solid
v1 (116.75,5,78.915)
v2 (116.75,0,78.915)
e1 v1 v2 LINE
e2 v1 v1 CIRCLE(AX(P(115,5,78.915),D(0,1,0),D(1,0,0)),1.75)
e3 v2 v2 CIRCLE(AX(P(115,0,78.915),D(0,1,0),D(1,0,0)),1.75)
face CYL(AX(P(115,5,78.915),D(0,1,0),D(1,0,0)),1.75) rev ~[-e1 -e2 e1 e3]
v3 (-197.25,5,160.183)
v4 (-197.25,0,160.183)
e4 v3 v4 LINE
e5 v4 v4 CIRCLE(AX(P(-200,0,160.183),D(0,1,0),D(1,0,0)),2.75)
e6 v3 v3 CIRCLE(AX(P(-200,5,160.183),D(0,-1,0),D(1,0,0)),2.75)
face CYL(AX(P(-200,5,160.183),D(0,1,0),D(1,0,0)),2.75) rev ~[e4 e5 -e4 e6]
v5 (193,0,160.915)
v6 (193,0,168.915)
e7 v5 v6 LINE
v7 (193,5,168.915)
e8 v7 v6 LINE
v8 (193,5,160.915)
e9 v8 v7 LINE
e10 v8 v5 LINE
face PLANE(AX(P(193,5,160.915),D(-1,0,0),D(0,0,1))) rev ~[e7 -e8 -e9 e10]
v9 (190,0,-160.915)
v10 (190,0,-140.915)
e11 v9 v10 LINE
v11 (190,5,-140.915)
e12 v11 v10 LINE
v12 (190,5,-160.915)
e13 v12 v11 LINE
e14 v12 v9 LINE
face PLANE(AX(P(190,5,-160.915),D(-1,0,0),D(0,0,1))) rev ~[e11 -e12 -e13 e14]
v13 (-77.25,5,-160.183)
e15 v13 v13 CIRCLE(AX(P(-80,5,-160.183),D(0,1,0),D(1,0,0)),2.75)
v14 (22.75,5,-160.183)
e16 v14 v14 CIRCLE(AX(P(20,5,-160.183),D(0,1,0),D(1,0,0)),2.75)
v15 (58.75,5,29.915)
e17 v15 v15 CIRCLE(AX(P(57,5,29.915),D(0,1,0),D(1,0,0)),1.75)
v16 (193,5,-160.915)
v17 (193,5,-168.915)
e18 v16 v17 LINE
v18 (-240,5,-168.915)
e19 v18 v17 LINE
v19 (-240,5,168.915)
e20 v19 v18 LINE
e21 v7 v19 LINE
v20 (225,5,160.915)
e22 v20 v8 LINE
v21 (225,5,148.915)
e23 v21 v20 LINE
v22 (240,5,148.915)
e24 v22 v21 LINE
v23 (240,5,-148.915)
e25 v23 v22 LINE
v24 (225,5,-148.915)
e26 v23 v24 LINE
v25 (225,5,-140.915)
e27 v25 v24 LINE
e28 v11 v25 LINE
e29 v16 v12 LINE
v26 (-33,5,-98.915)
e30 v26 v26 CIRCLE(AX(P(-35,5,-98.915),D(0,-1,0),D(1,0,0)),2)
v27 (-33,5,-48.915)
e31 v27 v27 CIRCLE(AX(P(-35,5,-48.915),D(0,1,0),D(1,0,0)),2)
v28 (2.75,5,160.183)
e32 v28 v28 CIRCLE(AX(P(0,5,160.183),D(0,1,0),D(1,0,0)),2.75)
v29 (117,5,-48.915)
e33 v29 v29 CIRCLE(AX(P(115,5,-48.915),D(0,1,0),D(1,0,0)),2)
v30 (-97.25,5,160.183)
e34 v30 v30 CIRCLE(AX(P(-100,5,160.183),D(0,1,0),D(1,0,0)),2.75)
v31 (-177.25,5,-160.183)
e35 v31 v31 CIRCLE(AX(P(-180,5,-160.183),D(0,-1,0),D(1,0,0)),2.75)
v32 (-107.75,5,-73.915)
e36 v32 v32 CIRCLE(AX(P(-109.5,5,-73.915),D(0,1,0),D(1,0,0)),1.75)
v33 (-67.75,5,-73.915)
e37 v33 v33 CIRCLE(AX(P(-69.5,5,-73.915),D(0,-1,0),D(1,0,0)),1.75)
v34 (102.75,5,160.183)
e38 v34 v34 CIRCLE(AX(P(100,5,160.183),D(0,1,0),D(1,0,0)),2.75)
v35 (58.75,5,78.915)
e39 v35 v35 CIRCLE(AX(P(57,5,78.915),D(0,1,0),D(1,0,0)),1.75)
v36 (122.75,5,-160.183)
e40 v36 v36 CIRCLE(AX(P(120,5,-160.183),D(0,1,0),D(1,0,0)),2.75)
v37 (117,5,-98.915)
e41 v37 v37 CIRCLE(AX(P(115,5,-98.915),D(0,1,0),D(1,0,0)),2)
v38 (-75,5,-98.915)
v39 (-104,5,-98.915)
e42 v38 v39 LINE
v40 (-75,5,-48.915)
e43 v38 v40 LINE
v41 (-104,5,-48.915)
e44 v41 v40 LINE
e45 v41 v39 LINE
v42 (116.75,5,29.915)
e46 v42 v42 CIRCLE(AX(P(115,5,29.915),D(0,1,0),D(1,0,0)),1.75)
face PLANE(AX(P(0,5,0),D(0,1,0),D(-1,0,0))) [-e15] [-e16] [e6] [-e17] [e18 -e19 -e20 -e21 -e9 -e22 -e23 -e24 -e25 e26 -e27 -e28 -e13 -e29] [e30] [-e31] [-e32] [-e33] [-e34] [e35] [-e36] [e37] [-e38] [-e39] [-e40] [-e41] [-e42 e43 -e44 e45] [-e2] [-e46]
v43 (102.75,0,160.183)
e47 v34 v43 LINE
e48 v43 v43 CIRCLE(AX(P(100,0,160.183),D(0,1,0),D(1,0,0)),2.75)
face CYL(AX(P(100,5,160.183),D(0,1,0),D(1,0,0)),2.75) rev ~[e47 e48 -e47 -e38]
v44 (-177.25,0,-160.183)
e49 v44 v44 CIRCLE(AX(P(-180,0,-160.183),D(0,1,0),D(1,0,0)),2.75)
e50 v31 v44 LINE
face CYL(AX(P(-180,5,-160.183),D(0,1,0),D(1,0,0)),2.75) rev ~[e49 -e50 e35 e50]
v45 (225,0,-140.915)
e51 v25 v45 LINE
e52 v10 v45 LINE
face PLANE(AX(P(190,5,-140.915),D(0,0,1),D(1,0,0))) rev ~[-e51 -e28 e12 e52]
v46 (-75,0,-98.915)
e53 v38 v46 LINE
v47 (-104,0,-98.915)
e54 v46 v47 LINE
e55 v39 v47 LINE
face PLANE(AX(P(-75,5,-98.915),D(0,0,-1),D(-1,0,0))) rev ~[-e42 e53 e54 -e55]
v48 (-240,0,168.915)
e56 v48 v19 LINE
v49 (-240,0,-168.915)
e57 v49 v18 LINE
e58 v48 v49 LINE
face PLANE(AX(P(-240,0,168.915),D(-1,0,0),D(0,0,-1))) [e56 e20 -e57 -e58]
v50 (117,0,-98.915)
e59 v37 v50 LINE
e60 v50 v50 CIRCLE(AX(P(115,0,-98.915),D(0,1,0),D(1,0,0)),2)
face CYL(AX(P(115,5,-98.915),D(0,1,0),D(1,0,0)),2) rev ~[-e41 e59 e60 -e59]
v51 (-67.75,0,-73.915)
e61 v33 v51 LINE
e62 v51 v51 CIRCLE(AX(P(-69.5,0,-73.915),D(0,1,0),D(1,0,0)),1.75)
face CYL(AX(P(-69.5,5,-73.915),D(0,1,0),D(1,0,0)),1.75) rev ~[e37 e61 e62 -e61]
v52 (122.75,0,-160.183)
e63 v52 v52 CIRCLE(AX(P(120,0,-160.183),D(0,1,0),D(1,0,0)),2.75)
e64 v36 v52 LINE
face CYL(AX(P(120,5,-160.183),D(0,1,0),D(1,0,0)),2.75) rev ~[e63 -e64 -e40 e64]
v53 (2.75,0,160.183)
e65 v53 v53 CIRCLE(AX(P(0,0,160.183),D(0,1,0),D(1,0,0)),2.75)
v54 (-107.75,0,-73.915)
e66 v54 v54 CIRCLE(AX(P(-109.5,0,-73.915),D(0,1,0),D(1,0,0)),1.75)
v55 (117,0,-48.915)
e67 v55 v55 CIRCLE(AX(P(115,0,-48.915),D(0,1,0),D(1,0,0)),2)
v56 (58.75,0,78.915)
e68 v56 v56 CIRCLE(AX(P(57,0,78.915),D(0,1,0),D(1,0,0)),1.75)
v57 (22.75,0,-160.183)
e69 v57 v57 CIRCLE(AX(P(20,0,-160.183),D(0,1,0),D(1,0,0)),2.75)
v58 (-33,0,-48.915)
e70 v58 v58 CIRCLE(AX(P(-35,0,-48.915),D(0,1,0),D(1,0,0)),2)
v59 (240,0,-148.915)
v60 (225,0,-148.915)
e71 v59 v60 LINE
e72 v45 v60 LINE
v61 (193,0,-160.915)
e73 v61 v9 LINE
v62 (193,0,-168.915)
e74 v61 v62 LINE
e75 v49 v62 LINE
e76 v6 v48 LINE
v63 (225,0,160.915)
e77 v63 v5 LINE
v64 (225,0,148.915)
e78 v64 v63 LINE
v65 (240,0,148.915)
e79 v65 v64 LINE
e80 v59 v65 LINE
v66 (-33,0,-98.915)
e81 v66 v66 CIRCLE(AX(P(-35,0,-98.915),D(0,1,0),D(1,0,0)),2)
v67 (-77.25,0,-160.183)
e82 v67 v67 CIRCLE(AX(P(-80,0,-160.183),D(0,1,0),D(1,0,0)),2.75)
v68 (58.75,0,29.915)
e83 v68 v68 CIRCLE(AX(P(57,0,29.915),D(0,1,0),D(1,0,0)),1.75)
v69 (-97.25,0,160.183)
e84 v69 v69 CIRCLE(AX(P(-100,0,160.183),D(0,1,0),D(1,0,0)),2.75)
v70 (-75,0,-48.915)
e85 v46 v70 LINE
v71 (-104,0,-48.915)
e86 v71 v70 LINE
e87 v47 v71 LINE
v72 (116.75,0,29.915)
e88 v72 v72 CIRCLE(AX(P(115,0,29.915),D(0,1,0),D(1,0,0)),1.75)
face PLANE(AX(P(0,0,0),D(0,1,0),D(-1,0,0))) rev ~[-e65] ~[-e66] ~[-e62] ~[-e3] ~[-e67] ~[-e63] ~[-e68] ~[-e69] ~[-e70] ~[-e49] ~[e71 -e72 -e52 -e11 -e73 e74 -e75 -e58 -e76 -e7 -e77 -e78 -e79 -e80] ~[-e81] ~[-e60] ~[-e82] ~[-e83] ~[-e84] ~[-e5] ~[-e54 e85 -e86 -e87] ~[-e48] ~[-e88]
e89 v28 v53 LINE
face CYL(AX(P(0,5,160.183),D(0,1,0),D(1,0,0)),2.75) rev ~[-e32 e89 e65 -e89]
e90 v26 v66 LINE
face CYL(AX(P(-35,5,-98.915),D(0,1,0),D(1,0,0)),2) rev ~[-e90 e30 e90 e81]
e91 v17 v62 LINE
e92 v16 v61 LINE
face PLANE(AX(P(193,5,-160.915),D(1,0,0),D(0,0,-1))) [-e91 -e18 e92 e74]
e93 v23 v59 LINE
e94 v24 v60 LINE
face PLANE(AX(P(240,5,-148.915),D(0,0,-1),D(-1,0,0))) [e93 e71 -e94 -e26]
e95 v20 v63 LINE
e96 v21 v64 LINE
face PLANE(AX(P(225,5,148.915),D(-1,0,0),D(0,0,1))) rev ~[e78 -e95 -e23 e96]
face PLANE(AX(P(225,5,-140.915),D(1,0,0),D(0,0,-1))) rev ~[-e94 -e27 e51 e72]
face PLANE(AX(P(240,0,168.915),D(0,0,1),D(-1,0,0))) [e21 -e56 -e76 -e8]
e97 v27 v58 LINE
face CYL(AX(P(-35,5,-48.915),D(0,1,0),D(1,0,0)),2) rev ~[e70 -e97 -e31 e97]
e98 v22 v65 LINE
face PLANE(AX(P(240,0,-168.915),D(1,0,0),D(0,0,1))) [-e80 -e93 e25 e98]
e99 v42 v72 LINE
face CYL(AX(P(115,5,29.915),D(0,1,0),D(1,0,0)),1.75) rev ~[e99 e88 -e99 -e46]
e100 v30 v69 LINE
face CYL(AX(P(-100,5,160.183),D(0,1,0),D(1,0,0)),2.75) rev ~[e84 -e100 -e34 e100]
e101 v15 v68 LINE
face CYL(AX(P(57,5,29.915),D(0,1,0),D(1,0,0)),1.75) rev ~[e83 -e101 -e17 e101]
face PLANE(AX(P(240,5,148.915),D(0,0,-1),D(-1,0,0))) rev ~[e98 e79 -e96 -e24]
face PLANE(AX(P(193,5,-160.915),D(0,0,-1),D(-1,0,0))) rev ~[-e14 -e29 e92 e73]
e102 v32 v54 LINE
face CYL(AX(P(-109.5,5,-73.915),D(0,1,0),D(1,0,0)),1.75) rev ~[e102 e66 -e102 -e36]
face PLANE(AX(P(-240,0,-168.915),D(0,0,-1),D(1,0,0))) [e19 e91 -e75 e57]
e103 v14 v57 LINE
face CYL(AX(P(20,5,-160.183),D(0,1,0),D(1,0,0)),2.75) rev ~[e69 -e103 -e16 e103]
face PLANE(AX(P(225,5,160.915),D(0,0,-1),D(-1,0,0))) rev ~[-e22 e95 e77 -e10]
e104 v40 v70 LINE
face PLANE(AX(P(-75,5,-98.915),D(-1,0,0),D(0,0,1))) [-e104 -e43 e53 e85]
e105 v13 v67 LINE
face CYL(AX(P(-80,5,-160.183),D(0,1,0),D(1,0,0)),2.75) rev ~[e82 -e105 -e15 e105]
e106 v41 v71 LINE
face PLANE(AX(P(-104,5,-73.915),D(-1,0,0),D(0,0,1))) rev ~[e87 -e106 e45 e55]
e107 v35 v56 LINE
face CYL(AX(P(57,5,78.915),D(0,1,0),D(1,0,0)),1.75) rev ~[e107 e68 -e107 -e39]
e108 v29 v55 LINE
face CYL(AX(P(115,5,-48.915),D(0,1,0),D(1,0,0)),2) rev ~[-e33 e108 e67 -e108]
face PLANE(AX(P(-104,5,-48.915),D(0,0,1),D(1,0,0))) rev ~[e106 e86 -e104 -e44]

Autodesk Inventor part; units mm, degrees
ref_plane "YZ Plane" through (0, 0, 0) normal (1, 0, 0) x (0, 1, 0)
ref_plane "XZ Plane" through (0, 0, 0) normal (0, 1, 0) x (-1, 0, 0)
ref_plane "XY Plane" through (0, 0, 0) normal (0, 0, 1) x (1, 0, 0)
sketch "Sketch1" plane through (0, 0, 0) normal (0, 1, 0) x (-1, 0, 0)
  line L0 (-240, 168.915) -> (240, 168.915)
  line L1 (240, 168.915) -> (240, -168.915)
  line L2 (240, -168.915) -> (-240, -168.915)
  line L3 (-240, -168.915) -> (-240, 168.915)
  line L4 (-240, 168.915) -> (240, -168.915) construction
  line L5 (240, 168.915) -> (-240, -168.915) construction
  point P0 (0, 0)
  dimension "d0" = 480
  dimension "d1" = 337.83
extrude "Extrusion1" add sketch "Sketch1" along normal blind 5
sketch "Sketch2" plane through (0, 5, 0) normal (0, 1, 0) x (1, 0, 0)
  line L0 (240, -168.915) -> (240, 168.915) projected
  line L1 (240, -168.915) -> (240, -148.915)
  line L2 (240, -148.915) -> (225, -148.915)
  line L3 (-240, -168.915) -> (240, -168.915) projected
  line L4 (225, -168.915) -> (225, -160.915)
  line L5 (225, -168.915) -> (233, -168.915) construction
  line L6 (225, -148.915) -> (225, -160.915)
  line L7 (225, -160.915) -> (193, -160.915)
  line L8 (193, -160.915) -> (193, -168.915)
  line L9 (193, -168.915) -> (240, -168.915)
  line L10 (240, 0) -> (160.3142, 0)
  line L11 (240, 168.915) -> (240, 148.915)
  line L12 (240, 148.915) -> (225, 148.915)
  line L13 (225, 168.915) -> (225, 160.915)
  line L14 (225, 168.915) -> (233, 168.915) construction
  line L15 (225, 148.915) -> (225, 160.915)
  line L16 (225, 160.915) -> (193, 160.915)
  line L17 (193, 160.915) -> (193, 168.915)
  line L18 (193, 168.915) -> (240, 168.915)
  point P0 (0, 0)
  dimension "d4" = 20
  dimension "d5" = 15
  dimension "d6" = 8
  dimension "d7" = 90
  dimension "d8" = 12
  dimension "d9" = 32
extrude "Extrusion2" cut sketch "Sketch2" against normal blind 5
sketch "Sketch4" plane through (0, 5, 0) normal (0, 1, 0) x (1, 0, 0)
  line L0 (-240, -168.915) -> (193, -168.915) projected
  line L1 (-240, -168.915) -> (-200, -168.915)
  line L2 (-200, -168.915) -> (-200, -160.183)
  circle A0 centre (-200, -160.183) radius 2.75
  circle A1 centre (-100, -160.183) radius 2.75
  circle A2 centre (0, -160.183) radius 2.75
  circle A3 centre (100, -160.183) radius 2.75
  line L3 (193, 168.915) -> (-240, 168.915) projected
  line L4 (-240, 168.915) -> (-180, 168.915)
  line L5 (-180, 168.915) -> (-180, 160.183)
  circle A4 centre (-180, 160.183) radius 2.75
  circle A5 centre (-80, 160.183) radius 2.75
  circle A6 centre (20, 160.183) radius 2.75
  circle A7 centre (120, 160.183) radius 2.75
  point P0 (0, 0)
  dimension "d14" = 40
  dimension "d15" = 8.732
  dimension "d16" = 5.5
  dimension "d19" = 100
  dimension "d24" = 60
  dimension "d25" = 8.732
  dimension "d26" = 5.5
  dimension "d29" = 100
extrude "Extrusion3" cut sketch "Sketch4" against normal blind 10
sketch "Sketch5" plane through (0, 5, 0) normal (0, 1, 0) x (1, 0, 0)
  line L0 (193, 168.915) -> (-240, 168.915) projected
  line L1 (-240, 168.915) -> (240, 168.915)
  line L2 (240, 168.915) -> (240, -170.085)
  line L3 (240, -170.085) -> (-240, -170.085)
  line L4 (-240, -170.085) -> (-240, 168.915)
  point P0 (0, 0)
  dimension "d36" = 480
  dimension "d37" = 339
sketch "Sketch8" plane through (0, 5, 0) normal (0, 1, 0) x (1, 0, 0)
  line L0 (193, 160.915) -> (225, 160.915) projected
  line L1 (225, 160.915) -> (190, 160.915)
  line L2 (190, 160.915) -> (190, 140.915)
  line L3 (190, 140.915) -> (225, 140.915)
  line L4 (225, 140.915) -> (225, 160.915)
  point P0 (0, 0)
  dimension "d38" = 35
  dimension "d39" = 20
extrude "Extrusion4" cut sketch "Sketch8" against normal blind 10
sketch "Sketch9" plane through (0, 5, 0) normal (0, 1, 0) x (1, 0, 0)
  circle A0 centre (115, 98.915) radius 2
  line L0 (193, 168.915) -> (-240, 168.915) projected
  line L1 (240, -148.915) -> (240, 148.915) projected
  circle A1 centre (115, 48.915) radius 2
  circle A2 centre (-35, 98.915) radius 2
  circle A3 centre (-35, 48.915) radius 2
  line L2 (-35, 98.915) -> (-75, 98.915)
  line L3 (-35, 98.915) -> (5, 98.915) construction
  line L4 (-75, 98.915) -> (-75, 83.915)
  line L5 (-75, 83.915) -> (-75, 98.915)
  line L6 (-75, 98.915) -> (-104, 98.915)
  line L7 (-104, 98.915) -> (-104, 48.915)
  line L8 (-104, 48.915) -> (-75, 48.915)
  line L9 (-75, 48.915) -> (-75, 98.915)
  line L10 (-104, 73.915) -> (-109.5, 73.915)
  line L11 (-75, 73.915) -> (-69.5, 73.915)
  circle A4 centre (-69.5, 73.915) radius 1.75
  circle A5 centre (-109.5, 73.915) radius 1.75
  circle A6 centre (115, -78.915) radius 1.75
  line L12 (-240, -168.915) -> (193, -168.915) projected
  circle A7 centre (57, -78.915) radius 1.75
  circle A8 centre (115, -29.915) radius 1.75
  circle A9 centre (57, -29.915) radius 1.75
  point P0 (0, 0)
  dimension "d42" = 4
  dimension "d43" = 70
  dimension "d44" = 125
  dimension "d47" = 50
  dimension "d50" = 150
  dimension "d53" = 40
  dimension "d54" = 180
  dimension "d55" = 15
  dimension "d56" = 15
  dimension "d57" = 29
  dimension "d58" = 50
  dimension "d59" = 5.5
  dimension "d60" = 5.5
  dimension "d61" = 3.5
  dimension "d62" = 3.5
  dimension "d63" = 3.5
  dimension "d64" = 90
  dimension "d65" = 125
  dimension "d68" = 58
  dimension "d71" = 49
extrude "Extrusion5" cut sketch "Sketch9" against normal blind 10
properties part number "Acrylic_Panel_Mounts"
